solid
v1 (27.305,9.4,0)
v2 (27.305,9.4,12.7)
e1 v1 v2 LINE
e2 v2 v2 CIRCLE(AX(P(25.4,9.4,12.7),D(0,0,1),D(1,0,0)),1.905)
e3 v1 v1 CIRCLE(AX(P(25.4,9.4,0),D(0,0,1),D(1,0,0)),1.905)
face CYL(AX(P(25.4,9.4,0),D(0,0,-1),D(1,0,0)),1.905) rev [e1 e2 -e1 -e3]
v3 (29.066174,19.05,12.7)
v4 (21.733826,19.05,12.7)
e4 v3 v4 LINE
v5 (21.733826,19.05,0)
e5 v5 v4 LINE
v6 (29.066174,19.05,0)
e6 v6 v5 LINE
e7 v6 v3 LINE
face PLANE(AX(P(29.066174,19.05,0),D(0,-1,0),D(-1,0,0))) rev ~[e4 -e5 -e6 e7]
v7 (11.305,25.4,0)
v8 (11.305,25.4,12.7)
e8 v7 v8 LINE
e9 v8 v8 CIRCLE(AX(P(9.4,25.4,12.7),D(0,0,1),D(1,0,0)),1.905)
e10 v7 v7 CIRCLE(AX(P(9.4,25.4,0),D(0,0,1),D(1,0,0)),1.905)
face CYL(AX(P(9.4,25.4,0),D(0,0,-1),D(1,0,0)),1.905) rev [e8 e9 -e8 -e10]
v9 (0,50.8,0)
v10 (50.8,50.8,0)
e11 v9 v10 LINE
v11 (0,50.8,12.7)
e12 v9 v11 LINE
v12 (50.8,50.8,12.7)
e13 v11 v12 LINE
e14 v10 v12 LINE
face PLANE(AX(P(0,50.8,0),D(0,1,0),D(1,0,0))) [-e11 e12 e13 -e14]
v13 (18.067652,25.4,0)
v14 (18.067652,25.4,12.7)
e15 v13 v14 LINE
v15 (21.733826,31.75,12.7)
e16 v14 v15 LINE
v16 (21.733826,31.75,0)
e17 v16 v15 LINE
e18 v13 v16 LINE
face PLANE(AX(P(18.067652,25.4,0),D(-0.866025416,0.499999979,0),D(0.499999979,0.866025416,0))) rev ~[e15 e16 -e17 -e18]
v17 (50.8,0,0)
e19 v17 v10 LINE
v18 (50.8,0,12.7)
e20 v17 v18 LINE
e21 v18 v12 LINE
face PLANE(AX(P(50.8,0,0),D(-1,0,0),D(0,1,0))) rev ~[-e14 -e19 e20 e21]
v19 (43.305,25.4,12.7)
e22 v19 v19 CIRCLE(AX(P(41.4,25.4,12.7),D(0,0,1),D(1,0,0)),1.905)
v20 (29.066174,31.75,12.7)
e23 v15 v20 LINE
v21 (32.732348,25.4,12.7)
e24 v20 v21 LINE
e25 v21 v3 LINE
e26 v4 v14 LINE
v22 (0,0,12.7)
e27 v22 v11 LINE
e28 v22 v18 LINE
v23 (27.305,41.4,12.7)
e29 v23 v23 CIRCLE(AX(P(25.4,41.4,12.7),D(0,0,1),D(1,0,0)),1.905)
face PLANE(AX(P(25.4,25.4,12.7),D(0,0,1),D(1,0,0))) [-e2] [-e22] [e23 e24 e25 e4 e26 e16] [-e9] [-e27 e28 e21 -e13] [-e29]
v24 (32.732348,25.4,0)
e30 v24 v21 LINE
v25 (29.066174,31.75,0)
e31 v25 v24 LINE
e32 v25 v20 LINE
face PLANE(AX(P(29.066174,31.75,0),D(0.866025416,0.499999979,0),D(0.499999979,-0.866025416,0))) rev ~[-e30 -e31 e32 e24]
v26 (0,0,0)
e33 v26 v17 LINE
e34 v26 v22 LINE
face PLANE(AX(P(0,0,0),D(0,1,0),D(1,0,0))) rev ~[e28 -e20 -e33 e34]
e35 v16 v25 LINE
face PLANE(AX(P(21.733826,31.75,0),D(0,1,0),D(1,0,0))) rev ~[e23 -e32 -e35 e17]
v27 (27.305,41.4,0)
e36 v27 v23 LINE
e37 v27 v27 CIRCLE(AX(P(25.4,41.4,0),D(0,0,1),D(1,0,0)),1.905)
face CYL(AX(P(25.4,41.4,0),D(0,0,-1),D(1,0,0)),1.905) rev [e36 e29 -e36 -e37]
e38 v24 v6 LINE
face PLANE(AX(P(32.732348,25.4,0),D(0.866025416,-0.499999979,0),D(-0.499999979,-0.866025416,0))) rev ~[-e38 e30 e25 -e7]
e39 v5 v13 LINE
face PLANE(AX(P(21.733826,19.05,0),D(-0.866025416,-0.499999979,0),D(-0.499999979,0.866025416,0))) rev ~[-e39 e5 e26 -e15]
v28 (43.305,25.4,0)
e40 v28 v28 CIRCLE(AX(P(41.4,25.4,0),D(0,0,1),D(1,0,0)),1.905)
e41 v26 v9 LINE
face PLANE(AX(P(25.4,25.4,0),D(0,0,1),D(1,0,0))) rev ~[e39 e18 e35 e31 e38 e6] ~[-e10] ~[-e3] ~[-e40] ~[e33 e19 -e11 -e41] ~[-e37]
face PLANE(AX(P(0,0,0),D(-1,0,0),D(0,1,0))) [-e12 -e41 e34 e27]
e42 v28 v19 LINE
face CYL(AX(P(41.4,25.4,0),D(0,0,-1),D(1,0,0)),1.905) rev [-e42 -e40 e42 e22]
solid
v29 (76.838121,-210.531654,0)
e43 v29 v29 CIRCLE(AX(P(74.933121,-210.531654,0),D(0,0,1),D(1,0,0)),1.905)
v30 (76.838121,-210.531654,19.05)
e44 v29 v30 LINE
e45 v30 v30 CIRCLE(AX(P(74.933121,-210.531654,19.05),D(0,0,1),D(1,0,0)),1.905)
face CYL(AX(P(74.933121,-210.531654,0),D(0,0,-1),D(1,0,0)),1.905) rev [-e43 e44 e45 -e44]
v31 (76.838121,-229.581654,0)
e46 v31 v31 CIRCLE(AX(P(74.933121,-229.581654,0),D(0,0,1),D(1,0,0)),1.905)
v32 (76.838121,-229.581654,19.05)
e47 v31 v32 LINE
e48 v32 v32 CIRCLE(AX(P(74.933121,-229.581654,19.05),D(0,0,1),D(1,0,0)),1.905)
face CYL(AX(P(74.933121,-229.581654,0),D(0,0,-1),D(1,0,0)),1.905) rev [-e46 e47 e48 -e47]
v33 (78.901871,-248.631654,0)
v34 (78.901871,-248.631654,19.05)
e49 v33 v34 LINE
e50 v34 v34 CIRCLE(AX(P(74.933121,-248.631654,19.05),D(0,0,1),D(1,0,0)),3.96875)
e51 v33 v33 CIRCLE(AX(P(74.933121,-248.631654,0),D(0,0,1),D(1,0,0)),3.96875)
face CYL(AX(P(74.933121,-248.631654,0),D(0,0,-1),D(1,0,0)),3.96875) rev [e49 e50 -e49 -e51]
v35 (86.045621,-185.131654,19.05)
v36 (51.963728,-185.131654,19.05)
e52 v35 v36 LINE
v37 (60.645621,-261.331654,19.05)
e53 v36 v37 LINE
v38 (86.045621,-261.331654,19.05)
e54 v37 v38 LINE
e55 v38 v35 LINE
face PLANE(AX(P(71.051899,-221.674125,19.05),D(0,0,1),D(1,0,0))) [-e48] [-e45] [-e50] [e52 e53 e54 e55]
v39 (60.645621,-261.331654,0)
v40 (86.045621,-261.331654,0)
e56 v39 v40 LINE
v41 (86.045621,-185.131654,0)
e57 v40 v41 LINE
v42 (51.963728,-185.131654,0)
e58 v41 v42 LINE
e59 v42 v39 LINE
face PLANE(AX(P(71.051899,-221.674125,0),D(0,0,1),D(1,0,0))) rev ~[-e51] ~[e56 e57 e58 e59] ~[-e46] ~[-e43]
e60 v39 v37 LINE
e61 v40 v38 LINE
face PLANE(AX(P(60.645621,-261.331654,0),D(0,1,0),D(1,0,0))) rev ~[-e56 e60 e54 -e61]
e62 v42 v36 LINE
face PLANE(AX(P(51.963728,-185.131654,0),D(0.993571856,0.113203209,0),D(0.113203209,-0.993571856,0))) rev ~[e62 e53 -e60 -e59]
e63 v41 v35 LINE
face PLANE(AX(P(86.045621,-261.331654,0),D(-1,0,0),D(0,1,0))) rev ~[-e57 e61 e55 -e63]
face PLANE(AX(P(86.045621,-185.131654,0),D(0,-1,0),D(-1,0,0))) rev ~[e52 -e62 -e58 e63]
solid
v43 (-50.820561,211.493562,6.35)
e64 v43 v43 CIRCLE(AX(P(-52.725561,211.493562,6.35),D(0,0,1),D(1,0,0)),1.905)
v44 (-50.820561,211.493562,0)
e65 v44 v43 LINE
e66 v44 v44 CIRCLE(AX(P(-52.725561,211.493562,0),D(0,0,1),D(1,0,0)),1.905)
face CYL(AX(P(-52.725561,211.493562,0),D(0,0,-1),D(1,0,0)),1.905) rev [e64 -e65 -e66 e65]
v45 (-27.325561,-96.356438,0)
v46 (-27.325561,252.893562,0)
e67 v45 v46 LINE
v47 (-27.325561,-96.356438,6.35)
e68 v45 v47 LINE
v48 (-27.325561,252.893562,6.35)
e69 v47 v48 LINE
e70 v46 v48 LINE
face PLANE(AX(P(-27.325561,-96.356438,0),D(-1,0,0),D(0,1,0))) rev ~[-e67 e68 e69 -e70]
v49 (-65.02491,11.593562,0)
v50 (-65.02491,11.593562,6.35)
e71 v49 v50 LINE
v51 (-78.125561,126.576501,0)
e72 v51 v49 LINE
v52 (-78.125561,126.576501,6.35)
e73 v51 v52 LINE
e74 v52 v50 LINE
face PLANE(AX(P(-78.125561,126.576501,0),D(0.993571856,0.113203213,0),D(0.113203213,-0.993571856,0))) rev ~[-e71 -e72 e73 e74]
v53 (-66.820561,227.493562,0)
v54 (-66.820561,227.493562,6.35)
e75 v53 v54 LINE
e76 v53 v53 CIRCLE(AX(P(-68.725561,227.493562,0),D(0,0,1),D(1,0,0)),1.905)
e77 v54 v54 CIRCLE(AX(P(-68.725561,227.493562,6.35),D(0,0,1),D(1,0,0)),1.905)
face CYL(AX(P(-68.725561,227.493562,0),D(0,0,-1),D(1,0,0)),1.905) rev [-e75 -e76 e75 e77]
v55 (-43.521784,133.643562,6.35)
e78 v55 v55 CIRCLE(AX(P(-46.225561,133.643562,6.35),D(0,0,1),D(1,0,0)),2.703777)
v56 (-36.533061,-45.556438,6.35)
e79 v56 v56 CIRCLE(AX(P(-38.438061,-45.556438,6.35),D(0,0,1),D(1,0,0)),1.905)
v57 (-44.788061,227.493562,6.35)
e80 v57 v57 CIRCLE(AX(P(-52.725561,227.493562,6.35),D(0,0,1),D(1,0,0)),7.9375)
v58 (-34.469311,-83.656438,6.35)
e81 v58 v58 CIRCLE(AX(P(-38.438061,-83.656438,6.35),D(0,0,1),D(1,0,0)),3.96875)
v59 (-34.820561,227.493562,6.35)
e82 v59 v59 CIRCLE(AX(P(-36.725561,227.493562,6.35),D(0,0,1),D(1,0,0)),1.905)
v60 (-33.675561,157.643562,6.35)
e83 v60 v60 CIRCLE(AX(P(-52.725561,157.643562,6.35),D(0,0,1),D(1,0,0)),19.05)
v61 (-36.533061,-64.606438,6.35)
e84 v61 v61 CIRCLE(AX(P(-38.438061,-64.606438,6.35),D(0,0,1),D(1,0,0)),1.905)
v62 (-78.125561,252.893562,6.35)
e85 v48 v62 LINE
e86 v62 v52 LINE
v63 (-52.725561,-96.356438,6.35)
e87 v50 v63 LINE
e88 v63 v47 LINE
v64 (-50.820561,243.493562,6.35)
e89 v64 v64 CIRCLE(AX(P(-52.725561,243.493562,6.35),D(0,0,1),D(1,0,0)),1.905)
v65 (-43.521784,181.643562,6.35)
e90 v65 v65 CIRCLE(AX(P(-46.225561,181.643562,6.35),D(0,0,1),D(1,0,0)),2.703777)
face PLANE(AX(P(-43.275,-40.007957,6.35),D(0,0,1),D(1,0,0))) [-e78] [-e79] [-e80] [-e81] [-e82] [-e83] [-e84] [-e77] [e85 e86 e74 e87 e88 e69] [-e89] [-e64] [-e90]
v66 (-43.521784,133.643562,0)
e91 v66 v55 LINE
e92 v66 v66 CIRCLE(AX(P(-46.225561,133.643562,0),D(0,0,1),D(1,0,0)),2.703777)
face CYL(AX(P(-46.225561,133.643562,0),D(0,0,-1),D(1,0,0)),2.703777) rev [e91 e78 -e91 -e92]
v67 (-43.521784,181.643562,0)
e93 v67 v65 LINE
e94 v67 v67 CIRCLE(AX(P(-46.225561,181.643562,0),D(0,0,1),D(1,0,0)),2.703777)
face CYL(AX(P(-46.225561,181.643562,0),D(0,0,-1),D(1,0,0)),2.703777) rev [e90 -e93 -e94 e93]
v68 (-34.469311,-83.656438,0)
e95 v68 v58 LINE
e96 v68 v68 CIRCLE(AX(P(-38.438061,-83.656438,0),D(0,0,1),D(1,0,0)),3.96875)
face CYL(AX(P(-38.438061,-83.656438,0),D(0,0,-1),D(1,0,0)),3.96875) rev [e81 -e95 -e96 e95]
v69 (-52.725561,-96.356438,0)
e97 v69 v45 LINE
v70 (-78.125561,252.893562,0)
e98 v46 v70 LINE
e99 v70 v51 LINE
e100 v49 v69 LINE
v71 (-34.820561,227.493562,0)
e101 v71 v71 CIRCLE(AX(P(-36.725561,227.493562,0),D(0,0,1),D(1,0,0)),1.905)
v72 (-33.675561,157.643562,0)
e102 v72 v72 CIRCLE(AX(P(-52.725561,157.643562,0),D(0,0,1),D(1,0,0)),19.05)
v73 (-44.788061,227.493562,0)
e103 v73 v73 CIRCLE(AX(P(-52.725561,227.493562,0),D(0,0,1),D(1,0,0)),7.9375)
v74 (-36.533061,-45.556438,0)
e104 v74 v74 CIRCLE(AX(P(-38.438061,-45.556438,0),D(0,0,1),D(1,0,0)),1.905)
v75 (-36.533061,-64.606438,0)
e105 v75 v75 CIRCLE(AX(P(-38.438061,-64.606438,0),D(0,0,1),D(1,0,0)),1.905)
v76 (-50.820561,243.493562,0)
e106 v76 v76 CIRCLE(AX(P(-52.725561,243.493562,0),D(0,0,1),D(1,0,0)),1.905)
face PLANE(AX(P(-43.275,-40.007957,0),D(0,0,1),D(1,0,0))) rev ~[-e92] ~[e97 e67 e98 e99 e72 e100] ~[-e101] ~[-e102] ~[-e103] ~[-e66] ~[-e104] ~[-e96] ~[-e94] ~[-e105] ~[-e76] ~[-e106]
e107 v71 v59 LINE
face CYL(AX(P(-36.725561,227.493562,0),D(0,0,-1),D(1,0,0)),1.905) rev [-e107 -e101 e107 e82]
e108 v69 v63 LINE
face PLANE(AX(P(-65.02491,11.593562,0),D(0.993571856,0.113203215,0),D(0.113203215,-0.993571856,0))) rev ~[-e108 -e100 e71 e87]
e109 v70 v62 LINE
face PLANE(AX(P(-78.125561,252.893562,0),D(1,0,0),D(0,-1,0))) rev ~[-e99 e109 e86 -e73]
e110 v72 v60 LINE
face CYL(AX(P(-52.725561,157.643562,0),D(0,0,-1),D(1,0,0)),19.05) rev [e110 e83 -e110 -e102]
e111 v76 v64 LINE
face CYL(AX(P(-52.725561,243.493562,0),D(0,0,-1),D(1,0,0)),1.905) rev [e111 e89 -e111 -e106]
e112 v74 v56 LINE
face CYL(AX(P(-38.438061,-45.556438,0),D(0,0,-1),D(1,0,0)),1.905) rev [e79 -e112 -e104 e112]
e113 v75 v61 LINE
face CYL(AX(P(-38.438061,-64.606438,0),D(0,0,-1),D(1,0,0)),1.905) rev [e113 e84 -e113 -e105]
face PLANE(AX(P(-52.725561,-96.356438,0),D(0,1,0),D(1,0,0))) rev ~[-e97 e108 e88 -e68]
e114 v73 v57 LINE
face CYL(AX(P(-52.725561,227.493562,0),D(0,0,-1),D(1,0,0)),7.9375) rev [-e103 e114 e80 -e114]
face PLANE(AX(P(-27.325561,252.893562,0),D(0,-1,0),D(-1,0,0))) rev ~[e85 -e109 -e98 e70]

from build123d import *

# Parameters (mm, degrees)
F0_R     = 3.96875
F0_R_2   = 1.905
F0_R_3   = 7.9375
F0_R_4   = 19.05
F0_R_5   = 2.703777
F1_DEPTH = 6.35
F2_W     = 50.8
F2_H     = 50.8
F2_R     = 1.905
F3_DEPTH = 12.7
F4_R     = 3.96875
F4_R_2   = 1.905
F5_DEPTH = 19.05


with BuildPart() as f1:
    # F0 (on Top) → F1 (new body)
    with BuildSketch(Plane.XY):
        Polygon((-27.325561, -96.356438), (-27.325561, 11.593562), (-65.02491, 11.593562), (-52.725561, -96.356438), align=None)
        with Locations((-38.438061, -83.656438)):
            Circle(F0_R, mode=Mode.SUBTRACT)
        with Locations((-38.438061, -64.606438)):
            Circle(F0_R_2, mode=Mode.SUBTRACT)
        with Locations((-38.438061, -45.556438)):
            Circle(F0_R_2, mode=Mode.SUBTRACT)
        Polygon((-27.325561, 252.893562), (-78.125561, 252.893562), (-78.125561, 126.576501), (-65.02491, 11.593562), (-27.325561, 11.593562), align=None)
        with Locations((-68.725561, 227.493562)):
            Circle(F0_R_2, mode=Mode.SUBTRACT)
        with Locations((-52.725561, 211.493562)):
            Circle(F0_R_2, mode=Mode.SUBTRACT)
        with Locations((-52.725561, 227.493562)):
            Circle(F0_R_3, mode=Mode.SUBTRACT)
        with Locations((-52.725561, 243.493562)):
            Circle(F0_R_2, mode=Mode.SUBTRACT)
        with Locations((-52.725561, 157.643562)):
            Circle(F0_R_4, mode=Mode.SUBTRACT)
        with Locations((-46.225561, 133.643562)):
            Circle(F0_R_5, mode=Mode.SUBTRACT)
        with Locations((-46.225561, 181.643562)):
            Circle(F0_R_5, mode=Mode.SUBTRACT)
        with Locations((-36.725561, 227.493562)):
            Circle(F0_R_2, mode=Mode.SUBTRACT)
    extrude(amount=F1_DEPTH)


with BuildPart() as f3:
    # F2 (on Top) → F3 (new body)
    with BuildSketch(Plane.XY):
        with Locations((25.4, 25.4)):
            Rectangle(F2_W, F2_H)
        with Locations((25.4, 9.4)):
            Circle(F2_R, mode=Mode.SUBTRACT)
        with Locations((9.4, 25.4)):
            Circle(F2_R, mode=Mode.SUBTRACT)
        Polygon((18.067652, 25.4), (21.733826, 31.75), (29.066174, 31.75), (32.732348, 25.4), (29.066174, 19.05), (21.733826, 19.05), align=None, mode=Mode.SUBTRACT)
        with Locations((41.4, 25.4)):
            Circle(F2_R, mode=Mode.SUBTRACT)
        with Locations((25.4, 41.4)):
            Circle(F2_R, mode=Mode.SUBTRACT)
    extrude(amount=F3_DEPTH)


with BuildPart() as f5:
    # F4 (on Top) → F5 (new body)
    with BuildSketch(Plane.XY):
        Polygon((51.963728, -185.131654), (60.645621, -261.331654), (86.045621, -261.331654), (86.045621, -185.131654), align=None)
        with Locations((74.933121, -248.631654)):
            Circle(F4_R, mode=Mode.SUBTRACT)
        with Locations((74.933121, -229.581654)):
            Circle(F4_R_2, mode=Mode.SUBTRACT)
        with Locations((74.933121, -210.531654)):
            Circle(F4_R_2, mode=Mode.SUBTRACT)
    extrude(amount=F5_DEPTH)


solid = Compound([f1.part, f3.part, f5.part])
